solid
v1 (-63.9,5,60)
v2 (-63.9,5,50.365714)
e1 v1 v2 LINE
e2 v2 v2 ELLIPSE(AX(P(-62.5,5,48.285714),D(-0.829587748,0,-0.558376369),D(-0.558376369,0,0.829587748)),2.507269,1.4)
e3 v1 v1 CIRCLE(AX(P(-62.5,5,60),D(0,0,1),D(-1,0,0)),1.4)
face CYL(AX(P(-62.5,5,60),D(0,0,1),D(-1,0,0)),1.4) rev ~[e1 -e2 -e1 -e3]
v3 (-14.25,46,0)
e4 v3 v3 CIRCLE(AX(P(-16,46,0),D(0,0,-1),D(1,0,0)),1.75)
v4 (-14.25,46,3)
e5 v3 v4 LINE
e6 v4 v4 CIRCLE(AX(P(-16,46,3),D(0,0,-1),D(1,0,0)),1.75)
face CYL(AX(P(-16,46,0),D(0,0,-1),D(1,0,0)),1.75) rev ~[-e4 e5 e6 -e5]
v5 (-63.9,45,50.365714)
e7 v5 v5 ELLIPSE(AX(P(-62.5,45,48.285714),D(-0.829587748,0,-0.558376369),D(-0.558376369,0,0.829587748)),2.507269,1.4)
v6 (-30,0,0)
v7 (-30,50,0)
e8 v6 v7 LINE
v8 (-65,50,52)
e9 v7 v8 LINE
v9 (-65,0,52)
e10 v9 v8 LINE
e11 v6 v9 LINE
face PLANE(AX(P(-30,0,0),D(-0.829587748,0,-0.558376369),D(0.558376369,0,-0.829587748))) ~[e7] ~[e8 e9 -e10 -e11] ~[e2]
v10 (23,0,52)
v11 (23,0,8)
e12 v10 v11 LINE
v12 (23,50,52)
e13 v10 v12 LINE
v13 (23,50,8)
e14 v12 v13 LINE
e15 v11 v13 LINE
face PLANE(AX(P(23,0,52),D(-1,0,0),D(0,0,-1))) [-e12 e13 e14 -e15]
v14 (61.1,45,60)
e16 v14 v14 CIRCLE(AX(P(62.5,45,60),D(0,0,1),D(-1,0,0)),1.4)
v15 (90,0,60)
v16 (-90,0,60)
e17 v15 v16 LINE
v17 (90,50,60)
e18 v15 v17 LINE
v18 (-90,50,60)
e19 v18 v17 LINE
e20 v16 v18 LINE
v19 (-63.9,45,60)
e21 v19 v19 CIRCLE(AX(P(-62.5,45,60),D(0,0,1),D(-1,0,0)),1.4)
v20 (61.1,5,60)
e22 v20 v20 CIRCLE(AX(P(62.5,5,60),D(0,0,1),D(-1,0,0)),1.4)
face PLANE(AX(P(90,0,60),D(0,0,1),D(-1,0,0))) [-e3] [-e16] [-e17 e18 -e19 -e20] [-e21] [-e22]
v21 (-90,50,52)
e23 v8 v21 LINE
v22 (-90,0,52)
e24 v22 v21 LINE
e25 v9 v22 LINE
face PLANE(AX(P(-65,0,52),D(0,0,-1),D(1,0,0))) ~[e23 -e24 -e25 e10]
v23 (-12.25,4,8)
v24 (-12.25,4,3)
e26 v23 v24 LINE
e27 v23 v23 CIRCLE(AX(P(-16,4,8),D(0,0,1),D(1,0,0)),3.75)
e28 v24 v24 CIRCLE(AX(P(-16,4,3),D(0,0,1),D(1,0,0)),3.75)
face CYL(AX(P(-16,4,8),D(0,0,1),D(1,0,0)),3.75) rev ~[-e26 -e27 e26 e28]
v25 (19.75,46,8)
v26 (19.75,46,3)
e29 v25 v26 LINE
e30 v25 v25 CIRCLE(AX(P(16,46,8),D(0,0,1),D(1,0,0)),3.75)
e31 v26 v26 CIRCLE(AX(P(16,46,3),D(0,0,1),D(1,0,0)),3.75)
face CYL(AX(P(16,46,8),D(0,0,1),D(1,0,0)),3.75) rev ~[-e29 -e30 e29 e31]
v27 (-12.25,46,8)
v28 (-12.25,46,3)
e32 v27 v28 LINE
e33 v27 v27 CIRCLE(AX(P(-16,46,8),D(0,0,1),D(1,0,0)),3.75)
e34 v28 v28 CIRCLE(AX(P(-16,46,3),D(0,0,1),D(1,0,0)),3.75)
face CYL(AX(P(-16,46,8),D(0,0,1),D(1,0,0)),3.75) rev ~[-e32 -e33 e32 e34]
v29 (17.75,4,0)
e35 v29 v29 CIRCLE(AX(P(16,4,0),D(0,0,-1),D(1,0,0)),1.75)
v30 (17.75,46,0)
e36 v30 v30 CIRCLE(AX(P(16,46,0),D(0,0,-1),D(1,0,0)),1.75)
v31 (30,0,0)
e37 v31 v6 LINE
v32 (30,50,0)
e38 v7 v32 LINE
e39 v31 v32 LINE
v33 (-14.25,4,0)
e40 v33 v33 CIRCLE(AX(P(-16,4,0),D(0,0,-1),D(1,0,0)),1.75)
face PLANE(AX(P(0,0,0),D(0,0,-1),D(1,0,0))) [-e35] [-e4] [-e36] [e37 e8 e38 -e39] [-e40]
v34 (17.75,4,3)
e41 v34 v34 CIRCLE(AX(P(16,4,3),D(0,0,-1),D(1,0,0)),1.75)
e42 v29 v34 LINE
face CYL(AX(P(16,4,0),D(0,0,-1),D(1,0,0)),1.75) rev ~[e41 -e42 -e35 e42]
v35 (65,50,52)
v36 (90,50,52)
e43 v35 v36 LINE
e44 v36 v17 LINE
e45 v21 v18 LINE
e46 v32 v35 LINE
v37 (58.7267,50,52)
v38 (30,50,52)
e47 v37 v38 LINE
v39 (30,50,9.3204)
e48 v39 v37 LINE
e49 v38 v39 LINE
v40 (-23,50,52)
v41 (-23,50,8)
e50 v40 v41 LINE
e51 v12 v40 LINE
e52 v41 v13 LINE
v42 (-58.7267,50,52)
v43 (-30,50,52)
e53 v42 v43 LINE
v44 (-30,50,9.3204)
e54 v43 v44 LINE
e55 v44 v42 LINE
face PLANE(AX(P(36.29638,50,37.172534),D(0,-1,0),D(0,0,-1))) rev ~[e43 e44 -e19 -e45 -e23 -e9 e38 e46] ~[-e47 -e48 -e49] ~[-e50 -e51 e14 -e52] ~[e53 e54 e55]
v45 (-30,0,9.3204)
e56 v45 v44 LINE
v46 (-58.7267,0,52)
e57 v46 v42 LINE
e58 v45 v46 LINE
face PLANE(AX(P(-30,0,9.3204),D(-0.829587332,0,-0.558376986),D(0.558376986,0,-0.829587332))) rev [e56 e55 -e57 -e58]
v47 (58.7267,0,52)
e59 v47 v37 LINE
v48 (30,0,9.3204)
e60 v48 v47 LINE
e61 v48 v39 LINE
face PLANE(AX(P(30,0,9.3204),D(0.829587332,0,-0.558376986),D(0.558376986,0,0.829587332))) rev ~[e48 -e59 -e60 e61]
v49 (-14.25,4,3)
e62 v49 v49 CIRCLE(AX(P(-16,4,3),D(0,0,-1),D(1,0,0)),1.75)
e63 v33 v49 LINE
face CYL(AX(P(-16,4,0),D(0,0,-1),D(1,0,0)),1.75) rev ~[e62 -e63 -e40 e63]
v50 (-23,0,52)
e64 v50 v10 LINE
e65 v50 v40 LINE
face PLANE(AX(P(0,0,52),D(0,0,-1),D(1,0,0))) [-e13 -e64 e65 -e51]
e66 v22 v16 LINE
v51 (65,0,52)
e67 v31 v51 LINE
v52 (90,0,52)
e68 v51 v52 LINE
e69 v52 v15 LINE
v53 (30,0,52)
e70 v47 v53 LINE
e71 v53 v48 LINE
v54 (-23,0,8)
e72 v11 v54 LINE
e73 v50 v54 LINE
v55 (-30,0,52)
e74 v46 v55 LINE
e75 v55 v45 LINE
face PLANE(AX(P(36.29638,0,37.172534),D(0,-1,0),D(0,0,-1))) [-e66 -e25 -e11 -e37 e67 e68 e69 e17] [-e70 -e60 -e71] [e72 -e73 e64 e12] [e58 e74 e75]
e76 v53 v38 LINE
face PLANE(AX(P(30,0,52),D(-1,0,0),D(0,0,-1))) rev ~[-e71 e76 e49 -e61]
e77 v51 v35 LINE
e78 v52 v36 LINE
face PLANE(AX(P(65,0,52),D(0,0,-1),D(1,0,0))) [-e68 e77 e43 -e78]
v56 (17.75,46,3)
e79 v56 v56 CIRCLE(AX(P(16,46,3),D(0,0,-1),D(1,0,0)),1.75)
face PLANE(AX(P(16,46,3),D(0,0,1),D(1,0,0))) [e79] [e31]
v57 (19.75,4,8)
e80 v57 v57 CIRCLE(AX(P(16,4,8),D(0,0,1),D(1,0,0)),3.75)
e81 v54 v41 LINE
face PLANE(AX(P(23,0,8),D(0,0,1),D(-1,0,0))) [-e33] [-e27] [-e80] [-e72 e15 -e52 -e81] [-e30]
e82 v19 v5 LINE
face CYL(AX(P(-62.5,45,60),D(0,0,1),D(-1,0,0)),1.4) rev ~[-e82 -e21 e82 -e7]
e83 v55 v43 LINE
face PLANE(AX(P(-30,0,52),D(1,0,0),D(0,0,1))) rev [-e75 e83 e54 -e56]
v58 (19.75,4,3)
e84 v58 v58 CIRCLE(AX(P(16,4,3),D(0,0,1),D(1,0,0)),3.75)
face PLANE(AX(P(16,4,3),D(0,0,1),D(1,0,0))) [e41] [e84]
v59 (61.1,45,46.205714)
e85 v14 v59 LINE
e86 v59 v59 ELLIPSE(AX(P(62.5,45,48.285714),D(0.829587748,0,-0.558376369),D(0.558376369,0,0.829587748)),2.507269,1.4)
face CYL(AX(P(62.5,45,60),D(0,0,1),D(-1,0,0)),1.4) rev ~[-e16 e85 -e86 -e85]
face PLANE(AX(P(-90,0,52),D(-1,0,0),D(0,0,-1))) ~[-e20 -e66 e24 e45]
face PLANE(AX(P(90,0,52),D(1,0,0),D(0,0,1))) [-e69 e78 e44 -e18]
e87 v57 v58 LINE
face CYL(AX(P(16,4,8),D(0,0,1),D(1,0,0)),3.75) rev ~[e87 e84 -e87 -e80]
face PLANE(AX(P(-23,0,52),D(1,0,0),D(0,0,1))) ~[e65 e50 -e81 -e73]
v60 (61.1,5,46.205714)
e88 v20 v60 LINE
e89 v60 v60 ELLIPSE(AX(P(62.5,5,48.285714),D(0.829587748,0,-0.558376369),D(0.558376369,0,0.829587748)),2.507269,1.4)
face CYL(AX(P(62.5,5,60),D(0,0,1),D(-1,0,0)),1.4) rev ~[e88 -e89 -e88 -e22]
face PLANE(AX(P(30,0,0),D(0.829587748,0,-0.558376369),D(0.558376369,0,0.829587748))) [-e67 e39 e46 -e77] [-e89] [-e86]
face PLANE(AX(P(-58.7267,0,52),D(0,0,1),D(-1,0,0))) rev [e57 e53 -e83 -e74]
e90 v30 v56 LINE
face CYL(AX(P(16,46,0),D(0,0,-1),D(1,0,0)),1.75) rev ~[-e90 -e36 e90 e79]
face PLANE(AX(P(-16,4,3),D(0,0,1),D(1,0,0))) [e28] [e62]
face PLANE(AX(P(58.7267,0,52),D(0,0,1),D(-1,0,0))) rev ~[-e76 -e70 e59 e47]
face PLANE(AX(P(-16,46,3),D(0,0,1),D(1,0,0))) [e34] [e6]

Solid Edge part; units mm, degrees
sketch "Sketch1" plane through (0, 0, 0) normal (0, -1, 0) x (1, 0, 0)
  line L0 (30, 0) -> (65, 52)
  line L1 (65, 52) -> (90, 52)
  line L2 (90, 52) -> (90, 60)
  line L3 (90, 60) -> (56.9204, 60)
  line L4 (56.9204, 60) -> (0, 60)
  line L5 (0, 60) -> (0, 52)
  line L6 (0, 52) -> (23, 52)
  line L7 (23, 52) -> (23, 8)
  line L8 (23, 8) -> (0, 8)
  line L9 (0, 8) -> (0, 0)
  line L10 (0, 0) -> (30, 0)
  dimension "D1" = 8
  dimension "D2" = 30
  dimension "D3" = 23
  dimension "D4" = 8
  dimension "D5" = 60
  dimension "D6" = 65
extrude "Protrusion1" add sketch "Sketch1" against normal blind 50
mirror "Mirror1" about plane through (0, 25, 4) normal (-1, 0, 0) of "Protrusion1"
sketch "Sketch2" plane through (0, 0, 26) normal (0, -1, 0) x (1, 0, 0)
  line L0 (30, -16.6796) -> (58.7267, 26)
  line L1 (58.7267, 26) -> (30, 26)
  line L2 (30, 26) -> (30, -16.6796)
extrude "Cutout1" cut sketch "Sketch2" against normal through all
sketch "Sketch3" plane through (0, 25, 0) normal (0, 0, -1) x (1, 0, 0)
  circle A0 centre (-16, 21) radius 1.75
  circle A1 centre (16, 21) radius 1.75
  circle A2 centre (16, -21) radius 1.75
  circle A3 centre (-16, -21) radius 1.75
  dimension "D1" = 3.5
  dimension "D2" = 32
  dimension "D3" = 42
extrude "Cutout2" cut sketch "Sketch3" against normal up to next
sketch "Sketch4" plane through (0, 25, 8) normal (0, 0, 1) x (1, 0, 0)
  circle A0 centre (-16, -21) radius 3.75
  circle A1 centre (16, -21) radius 3.75
  circle A2 centre (-16, 21) radius 3.75
  circle A3 centre (16, 21) radius 3.75
  dimension "D1" = 7.5
extrude "Extrusionsausschnitt_4" cut sketch "Sketch4" against normal blind 5
sketch "Sketch5" plane through (0, 25, 60) normal (0, 0, 1) x (-1, 0, 0)
  circle A0 centre (-62.5, 20) radius 1.4
  circle A1 centre (-62.5, -20) radius 1.4
  circle A2 centre (62.5, -20) radius 1.4
  circle A3 centre (62.5, 20) radius 1.4
  dimension "D1" = 125
  dimension "D2" = 40
  dimension "D3" = 2.8
extrude "Cutout3" cut sketch "Sketch5" against normal through all
mirror "Mirror2" about plane through (0, 0, 0) normal (1, 0, 0) of "Cutout1"
properties material "Nylon, allgemein"
